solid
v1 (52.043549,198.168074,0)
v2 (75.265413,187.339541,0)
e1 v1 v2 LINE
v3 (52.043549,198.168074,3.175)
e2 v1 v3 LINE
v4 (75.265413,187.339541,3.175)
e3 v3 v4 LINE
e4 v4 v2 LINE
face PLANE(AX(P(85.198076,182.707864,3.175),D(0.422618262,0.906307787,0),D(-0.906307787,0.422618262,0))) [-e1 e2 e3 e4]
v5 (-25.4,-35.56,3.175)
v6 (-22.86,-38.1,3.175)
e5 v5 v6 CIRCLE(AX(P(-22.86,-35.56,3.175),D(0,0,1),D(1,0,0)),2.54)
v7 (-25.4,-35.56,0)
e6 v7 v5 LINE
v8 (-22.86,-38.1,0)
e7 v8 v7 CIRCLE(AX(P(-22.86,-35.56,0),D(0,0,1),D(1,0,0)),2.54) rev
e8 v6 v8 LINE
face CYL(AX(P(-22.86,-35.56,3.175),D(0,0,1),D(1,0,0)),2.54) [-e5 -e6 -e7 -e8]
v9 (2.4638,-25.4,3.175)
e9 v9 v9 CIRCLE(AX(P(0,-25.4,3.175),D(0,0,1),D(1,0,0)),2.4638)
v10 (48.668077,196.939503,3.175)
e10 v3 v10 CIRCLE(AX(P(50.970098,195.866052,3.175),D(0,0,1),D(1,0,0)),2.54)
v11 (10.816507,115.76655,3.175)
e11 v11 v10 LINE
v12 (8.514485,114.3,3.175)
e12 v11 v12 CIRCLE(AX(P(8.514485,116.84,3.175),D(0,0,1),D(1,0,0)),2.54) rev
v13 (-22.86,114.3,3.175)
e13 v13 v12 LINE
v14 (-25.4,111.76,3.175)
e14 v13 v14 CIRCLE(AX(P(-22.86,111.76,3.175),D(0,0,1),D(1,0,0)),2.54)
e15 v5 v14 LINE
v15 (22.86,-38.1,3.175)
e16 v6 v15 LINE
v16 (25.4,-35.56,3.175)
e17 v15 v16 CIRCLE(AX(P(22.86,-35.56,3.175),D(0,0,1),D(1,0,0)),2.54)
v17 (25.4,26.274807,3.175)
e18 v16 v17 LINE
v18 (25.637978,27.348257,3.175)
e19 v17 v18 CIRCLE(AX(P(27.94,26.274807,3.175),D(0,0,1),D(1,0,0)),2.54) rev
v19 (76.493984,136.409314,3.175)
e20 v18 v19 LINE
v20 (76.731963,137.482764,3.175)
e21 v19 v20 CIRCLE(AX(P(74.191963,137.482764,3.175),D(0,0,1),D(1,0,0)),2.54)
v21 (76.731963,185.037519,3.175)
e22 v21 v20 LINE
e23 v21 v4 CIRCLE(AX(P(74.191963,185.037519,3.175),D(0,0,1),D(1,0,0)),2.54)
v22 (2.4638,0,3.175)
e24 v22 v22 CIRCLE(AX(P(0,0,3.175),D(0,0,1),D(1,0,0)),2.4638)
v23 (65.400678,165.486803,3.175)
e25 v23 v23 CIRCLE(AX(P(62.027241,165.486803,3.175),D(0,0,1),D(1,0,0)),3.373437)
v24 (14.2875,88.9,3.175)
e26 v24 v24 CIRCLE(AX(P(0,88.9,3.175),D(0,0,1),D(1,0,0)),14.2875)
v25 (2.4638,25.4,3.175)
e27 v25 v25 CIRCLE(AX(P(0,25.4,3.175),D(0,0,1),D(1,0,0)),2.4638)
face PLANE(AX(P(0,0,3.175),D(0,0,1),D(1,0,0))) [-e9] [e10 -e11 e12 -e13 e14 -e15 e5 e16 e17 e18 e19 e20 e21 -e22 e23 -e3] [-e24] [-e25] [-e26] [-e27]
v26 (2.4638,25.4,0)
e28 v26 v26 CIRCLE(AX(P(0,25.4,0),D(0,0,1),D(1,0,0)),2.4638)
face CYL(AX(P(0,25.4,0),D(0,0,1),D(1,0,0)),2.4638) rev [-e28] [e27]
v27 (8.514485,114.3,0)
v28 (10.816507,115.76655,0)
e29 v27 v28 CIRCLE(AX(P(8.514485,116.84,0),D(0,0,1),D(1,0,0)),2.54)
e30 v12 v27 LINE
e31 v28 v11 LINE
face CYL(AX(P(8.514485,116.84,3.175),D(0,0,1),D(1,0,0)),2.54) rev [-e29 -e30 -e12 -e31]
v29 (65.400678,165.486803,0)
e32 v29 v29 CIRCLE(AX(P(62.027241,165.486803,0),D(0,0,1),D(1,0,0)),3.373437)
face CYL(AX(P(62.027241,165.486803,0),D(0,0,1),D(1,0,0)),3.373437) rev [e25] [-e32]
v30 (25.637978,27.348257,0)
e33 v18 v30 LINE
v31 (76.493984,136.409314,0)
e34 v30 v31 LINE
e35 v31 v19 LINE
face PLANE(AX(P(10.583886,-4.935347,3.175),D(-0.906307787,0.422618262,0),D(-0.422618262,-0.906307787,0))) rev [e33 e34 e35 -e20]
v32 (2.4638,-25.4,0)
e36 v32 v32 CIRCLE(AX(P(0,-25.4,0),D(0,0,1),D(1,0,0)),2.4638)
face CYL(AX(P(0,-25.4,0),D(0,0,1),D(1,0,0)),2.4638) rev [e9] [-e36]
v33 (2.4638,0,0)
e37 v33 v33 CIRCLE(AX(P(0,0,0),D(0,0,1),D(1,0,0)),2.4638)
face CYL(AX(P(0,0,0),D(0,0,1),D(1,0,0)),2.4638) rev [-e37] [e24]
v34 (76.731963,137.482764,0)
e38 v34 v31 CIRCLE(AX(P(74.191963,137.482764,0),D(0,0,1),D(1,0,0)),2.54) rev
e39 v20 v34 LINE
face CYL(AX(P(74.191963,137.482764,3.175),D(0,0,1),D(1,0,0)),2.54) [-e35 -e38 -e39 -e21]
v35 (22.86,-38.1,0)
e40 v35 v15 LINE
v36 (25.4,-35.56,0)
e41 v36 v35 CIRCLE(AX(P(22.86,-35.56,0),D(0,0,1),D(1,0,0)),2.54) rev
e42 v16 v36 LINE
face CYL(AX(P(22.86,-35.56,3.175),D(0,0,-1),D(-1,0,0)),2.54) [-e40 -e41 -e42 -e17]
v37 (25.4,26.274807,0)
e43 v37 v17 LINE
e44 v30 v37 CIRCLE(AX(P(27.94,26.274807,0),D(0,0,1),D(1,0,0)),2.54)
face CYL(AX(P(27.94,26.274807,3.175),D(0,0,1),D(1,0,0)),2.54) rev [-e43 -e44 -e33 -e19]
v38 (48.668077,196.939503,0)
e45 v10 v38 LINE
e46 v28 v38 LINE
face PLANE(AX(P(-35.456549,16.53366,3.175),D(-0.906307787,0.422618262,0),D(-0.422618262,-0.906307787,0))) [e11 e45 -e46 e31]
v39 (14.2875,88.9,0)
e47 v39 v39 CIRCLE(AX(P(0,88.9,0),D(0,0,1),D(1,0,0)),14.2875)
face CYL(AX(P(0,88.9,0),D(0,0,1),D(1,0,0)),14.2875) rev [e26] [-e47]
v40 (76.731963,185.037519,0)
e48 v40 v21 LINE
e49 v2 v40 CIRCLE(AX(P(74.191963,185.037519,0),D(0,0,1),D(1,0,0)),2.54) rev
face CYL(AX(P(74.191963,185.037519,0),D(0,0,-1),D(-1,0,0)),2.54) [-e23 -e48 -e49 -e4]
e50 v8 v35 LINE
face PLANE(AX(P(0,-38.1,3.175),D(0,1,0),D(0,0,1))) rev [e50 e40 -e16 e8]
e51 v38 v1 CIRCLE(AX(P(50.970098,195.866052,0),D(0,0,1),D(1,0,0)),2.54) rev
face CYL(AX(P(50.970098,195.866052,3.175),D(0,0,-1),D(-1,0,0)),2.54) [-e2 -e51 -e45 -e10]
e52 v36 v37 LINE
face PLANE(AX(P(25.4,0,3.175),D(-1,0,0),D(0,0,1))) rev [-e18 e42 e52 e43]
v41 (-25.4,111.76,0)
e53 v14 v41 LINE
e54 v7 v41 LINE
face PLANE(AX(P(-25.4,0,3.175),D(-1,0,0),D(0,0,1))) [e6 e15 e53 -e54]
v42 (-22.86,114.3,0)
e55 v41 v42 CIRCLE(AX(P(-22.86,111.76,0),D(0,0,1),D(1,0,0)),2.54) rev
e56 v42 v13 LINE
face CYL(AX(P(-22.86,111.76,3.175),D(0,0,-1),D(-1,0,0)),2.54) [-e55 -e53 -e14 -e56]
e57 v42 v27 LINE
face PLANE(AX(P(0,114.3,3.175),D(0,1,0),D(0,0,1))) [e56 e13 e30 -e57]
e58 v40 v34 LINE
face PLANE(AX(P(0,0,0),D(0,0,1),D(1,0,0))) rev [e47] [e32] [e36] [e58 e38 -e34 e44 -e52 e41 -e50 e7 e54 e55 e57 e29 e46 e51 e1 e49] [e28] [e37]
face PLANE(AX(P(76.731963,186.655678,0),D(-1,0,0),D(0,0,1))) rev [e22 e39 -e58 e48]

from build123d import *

# Parameters (mm, degrees)
BOSS_EXTRUDE1_DEPTH = 3.175
SKETCH2_R           = 3.3734375
CUT_EXTRUDE1_DEPTH  = 3.175
SKETCH3_R           = 2.4638
CUT_EXTRUDE2_DEPTH  = 3.175
SKETCH4_R           = 14.2875
CUT_EXTRUDE3_DEPTH  = 3.175
CUT_EXTRUDE4_DEPTH  = 222.091497051
FILLET1_R           = 2.54


with BuildPart() as part:
    # Sketch1 → Boss-Extrude1 (new body)
    with BuildSketch(Plane.XY):
        Polygon((49.741526937, 199.241524535), (10.132643551, 114.3), (-25.4, 114.3), (-25.4, 38.1), (-25.4, -38.1), (25.4, -38.1), (25.4, 26.837911138), (95.781962519, 177.772516839), align=None)
    extrude(amount=BOSS_EXTRUDE1_DEPTH)

    # Sketch2 → Cut-Extrude1 (cut)
    with BuildSketch(Plane.XY.offset(3.175)):
        with Locations((62.02724088, 165.486802896)):
            Circle(SKETCH2_R)
    extrude(amount=-CUT_EXTRUDE1_DEPTH, mode=Mode.SUBTRACT)

    # Sketch3 → Cut-Extrude2 (cut)
    with BuildSketch(Plane.XY.offset(3.175)):
        with Locations((0, -25.4)):
            Circle(SKETCH3_R)
        Circle(SKETCH3_R)
        with Locations((0, 25.4)):
            Circle(SKETCH3_R)
    extrude(amount=-CUT_EXTRUDE2_DEPTH, mode=Mode.SUBTRACT)

    # Sketch4 → Cut-Extrude3 (cut)
    with BuildSketch(Plane.XY.offset(3.175)):
        with Locations((0, 88.9)):
            Circle(SKETCH4_R)
    extrude(amount=-CUT_EXTRUDE3_DEPTH, mode=Mode.SUBTRACT)

    # Sketch5 → Cut-Extrude4 (cut, through all)
    with BuildSketch(Plane.XY.offset(3.175)):
        Polygon((76.731962519, 186.655677727), (76.731962519, 136.919660003), (95.781962519, 177.772516839), align=None)
    extrude(amount=-CUT_EXTRUDE4_DEPTH, mode=Mode.SUBTRACT)

    # Fillet1
    fillet1_edges = [part.edges().sort_by_distance(p)[0] for p in [
        (10.132643551, 114.3, 1.5875),
        (49.741526937, 199.241524535, 1.5875),
        (25.4, 26.837911138, 1.5875),
        (25.4, -38.1, 1.5875),
        (-25.4, -38.1, 1.5875),
        (-25.4, 114.3, 1.5875),
        (76.731962519, 186.655677727, 1.5875),
        (76.731962519, 136.919660003, 1.5875),
    ]]
    fillet(fillet1_edges, radius=FILLET1_R)


solid = part.part
